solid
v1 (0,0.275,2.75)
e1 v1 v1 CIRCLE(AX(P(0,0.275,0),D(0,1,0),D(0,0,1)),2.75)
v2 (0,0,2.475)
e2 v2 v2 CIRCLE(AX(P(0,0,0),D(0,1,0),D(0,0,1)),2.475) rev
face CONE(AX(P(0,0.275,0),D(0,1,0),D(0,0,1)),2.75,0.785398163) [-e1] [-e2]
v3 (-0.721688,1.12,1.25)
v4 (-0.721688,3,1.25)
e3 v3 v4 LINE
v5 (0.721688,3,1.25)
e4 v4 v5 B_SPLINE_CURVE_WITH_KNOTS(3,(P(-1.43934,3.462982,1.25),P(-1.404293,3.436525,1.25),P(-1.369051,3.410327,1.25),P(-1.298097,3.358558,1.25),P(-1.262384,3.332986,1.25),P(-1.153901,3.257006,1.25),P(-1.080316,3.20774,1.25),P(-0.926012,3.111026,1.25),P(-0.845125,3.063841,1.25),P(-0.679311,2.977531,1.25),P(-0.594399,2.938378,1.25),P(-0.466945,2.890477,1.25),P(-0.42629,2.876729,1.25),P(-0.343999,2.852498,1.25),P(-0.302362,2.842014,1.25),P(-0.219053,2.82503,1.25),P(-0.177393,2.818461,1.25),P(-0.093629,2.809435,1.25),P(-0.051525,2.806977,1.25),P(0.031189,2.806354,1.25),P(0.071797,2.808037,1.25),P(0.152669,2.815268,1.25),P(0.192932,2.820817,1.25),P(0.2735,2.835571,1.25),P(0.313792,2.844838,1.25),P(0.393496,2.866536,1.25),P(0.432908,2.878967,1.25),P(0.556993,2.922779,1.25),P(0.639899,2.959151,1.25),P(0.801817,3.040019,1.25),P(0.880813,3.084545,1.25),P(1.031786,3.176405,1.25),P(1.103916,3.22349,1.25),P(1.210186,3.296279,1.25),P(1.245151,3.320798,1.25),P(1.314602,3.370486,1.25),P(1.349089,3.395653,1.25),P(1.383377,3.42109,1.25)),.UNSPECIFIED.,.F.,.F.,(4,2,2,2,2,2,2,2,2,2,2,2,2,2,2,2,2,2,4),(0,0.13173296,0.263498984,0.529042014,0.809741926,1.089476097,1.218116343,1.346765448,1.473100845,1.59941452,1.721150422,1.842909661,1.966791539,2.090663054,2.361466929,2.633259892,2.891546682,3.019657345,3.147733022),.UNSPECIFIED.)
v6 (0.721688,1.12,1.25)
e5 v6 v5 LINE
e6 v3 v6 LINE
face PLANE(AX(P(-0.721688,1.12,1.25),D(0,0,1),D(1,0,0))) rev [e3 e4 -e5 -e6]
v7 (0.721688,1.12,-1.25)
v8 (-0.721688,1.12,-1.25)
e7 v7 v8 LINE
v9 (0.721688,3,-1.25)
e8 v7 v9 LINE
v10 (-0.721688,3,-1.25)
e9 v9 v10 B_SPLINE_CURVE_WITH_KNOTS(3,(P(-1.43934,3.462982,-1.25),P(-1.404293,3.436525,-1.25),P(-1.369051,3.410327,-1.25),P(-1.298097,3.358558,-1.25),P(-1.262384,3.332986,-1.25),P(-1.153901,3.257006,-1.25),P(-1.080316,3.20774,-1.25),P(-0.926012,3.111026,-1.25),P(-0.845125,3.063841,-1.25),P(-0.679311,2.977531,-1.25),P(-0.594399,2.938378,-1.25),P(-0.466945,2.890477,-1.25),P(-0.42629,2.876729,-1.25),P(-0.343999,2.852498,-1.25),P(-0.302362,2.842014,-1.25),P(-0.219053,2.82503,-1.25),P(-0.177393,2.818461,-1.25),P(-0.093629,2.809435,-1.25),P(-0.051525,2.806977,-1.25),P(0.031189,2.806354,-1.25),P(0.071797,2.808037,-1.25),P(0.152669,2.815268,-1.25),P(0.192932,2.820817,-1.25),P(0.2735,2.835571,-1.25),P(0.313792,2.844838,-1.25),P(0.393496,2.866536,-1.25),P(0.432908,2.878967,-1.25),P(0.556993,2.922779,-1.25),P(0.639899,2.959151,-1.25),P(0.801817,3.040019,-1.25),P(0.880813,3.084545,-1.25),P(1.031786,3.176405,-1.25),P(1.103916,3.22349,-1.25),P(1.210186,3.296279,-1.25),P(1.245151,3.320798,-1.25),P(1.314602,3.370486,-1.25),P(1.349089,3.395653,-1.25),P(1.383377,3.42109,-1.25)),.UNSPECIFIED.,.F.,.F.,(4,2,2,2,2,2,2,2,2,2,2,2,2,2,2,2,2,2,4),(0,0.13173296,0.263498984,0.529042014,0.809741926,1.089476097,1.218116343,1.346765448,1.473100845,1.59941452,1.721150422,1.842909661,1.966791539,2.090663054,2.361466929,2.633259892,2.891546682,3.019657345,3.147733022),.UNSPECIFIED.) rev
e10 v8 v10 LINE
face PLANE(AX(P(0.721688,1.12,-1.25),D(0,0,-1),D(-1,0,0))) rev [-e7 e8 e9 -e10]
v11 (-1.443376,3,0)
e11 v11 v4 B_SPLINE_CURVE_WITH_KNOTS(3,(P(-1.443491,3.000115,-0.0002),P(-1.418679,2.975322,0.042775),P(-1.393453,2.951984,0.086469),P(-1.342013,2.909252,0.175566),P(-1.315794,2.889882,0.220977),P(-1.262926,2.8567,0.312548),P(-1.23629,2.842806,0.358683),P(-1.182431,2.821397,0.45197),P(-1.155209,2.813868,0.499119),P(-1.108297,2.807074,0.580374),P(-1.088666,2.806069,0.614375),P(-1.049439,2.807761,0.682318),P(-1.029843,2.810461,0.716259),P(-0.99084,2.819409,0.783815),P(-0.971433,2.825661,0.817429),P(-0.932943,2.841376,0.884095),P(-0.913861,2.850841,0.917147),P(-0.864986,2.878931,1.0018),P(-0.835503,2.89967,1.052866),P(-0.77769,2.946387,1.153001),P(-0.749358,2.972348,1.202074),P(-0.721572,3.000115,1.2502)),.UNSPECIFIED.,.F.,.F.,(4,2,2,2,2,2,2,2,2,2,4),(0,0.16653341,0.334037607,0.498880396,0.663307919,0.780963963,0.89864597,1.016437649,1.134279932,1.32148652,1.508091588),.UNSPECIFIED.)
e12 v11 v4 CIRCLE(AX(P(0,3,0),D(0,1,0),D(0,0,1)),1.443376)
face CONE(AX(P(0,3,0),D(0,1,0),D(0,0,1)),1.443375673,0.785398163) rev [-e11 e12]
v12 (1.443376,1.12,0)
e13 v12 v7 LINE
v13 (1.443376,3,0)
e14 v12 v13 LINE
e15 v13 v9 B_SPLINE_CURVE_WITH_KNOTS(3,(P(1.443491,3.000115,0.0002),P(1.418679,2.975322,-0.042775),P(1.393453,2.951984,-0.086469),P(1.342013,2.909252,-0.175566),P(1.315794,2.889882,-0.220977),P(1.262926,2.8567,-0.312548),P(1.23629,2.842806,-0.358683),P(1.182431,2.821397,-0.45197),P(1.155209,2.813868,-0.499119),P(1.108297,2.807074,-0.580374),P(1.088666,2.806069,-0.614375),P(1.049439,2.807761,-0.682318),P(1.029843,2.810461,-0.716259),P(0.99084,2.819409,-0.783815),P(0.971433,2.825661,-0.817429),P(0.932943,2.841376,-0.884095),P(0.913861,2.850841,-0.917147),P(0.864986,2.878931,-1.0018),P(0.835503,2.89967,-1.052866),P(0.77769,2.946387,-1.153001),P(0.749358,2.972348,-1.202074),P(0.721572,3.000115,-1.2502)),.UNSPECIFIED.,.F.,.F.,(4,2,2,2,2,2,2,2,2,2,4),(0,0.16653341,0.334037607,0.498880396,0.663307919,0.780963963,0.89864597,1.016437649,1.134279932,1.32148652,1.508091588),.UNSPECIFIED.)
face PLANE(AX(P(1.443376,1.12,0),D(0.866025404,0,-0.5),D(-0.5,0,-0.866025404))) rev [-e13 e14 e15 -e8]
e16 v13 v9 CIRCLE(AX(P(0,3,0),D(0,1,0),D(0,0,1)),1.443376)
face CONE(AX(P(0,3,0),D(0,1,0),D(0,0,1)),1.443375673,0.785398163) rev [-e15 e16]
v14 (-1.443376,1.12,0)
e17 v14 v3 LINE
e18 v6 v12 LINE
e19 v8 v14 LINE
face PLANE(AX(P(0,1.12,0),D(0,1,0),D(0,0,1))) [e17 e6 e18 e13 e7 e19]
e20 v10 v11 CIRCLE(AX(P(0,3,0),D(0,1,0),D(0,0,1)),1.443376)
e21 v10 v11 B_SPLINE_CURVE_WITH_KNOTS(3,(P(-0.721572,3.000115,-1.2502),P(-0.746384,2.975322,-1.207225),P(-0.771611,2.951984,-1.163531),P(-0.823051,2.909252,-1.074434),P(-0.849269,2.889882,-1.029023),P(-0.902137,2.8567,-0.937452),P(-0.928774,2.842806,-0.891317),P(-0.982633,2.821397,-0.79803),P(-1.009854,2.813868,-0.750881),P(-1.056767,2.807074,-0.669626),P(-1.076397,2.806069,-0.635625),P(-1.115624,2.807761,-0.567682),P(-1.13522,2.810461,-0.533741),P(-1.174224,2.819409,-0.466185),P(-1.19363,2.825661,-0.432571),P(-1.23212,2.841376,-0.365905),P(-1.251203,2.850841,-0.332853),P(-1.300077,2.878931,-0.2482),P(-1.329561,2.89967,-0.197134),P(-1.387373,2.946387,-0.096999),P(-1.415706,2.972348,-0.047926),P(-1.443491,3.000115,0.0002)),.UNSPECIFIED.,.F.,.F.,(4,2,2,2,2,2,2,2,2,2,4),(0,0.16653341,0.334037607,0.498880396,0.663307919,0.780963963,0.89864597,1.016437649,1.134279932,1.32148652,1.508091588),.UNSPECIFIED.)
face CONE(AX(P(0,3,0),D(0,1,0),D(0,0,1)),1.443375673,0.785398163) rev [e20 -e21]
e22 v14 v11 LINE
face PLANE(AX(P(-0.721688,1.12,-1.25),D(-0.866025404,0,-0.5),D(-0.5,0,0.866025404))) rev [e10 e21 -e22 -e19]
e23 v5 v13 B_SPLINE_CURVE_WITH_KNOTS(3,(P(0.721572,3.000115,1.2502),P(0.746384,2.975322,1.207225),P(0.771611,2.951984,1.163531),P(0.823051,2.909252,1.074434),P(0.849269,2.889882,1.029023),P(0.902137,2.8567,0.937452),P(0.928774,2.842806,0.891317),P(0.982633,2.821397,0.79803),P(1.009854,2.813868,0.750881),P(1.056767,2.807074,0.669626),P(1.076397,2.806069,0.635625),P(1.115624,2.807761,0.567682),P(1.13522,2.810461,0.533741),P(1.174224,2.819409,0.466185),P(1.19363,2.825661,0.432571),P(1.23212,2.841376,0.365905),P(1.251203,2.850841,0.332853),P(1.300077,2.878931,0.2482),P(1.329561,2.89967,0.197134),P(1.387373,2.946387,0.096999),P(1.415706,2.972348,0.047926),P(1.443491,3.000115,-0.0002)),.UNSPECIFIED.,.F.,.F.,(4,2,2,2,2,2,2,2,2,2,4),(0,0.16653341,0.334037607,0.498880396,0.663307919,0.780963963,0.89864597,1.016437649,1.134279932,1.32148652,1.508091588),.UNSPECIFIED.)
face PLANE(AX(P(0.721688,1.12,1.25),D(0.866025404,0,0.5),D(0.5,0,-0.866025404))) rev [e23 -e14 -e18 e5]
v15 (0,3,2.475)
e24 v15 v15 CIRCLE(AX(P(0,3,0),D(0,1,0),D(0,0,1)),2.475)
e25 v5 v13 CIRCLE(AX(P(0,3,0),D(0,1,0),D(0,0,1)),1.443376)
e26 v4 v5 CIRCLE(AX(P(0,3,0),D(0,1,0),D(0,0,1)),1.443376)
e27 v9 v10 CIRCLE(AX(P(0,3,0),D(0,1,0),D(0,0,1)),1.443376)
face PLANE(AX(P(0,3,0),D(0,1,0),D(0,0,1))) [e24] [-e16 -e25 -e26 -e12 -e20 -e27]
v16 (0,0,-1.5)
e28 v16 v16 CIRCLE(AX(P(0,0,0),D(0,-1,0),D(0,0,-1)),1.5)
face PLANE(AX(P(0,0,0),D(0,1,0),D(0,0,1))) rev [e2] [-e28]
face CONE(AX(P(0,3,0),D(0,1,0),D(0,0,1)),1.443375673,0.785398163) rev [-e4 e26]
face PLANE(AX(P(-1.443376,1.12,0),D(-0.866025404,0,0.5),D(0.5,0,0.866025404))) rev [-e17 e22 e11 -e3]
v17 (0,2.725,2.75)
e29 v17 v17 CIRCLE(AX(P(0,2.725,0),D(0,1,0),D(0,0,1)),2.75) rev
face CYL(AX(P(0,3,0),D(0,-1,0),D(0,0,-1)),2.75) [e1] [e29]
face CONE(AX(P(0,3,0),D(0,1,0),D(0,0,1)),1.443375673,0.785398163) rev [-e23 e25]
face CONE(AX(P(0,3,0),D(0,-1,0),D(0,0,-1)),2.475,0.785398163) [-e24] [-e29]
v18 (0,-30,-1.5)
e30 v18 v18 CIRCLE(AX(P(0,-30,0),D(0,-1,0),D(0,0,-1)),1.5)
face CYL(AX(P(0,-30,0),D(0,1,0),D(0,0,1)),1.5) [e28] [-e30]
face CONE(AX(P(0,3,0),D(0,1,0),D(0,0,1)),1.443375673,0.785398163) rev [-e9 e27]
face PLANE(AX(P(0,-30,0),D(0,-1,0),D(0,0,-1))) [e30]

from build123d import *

# Parameters (mm, degrees)
SKETCH1_R           = 2.75
BOSS_EXTRUDE1_DEPTH = 3
CUT_EXTRUDE1_DEPTH  = 1.88
CHAMFER1_SIZE       = 0.275
SKETCH_1_R          = 1.5
EXTRUDE_1_DEPTH     = 30


with BuildPart() as part:
    # Sketch1 → Boss-Extrude1 (new body)
    with BuildSketch(Plane(origin=(0, 0, 0), x_dir=(1, 0, 0), z_dir=(0, 1, 0))):
        with Locations(Location((0, 0, 0), (0, 0, 270))):
            Circle(SKETCH1_R)
    extrude(amount=BOSS_EXTRUDE1_DEPTH)

    # Sketch2 → Cut-Extrude1 (cut)
    with BuildSketch(Plane(origin=(0, 3, 0), x_dir=(1, 0, 0), z_dir=(0, 1, 0))):
        Polygon((0.721687836, 1.25), (-0.721687836, 1.25), (-1.443375673, 0), (-0.721687836, -1.25), (0.721687836, -1.25), (1.443375673, 0), align=None)
    extrude(amount=-CUT_EXTRUDE1_DEPTH, mode=Mode.SUBTRACT)

    # Cut-Extrude2 cone 1 section (through the dimple's axis) → Cut-Extrude2 (revolve, cut)
    with BuildSketch(Plane(origin=(0, 3, 0), x_dir=(0, 0, 1), z_dir=(1, 0, 0))):
        Polygon((0, 0), (1.443375673, 0), (0, 1.443375673), align=None)
    revolve(axis=Axis((0, 3, 0), (0, -1, 0)), mode=Mode.SUBTRACT)

    # Chamfer1
    chamfer1_edges = [part.edges().sort_by_distance(p)[0] for p in [
        (0, 0, -2.75),
        (0, 3, -2.75),
    ]]
    chamfer(chamfer1_edges, length=CHAMFER1_SIZE)

    # 草图1 → 凸台-拉伸1 (add)
    with BuildSketch(Plane(origin=(0, 0, 0), x_dir=(-1, 0, 0), z_dir=(0, -1, 0))):
        with Locations(Location((0, 0, 0), (0, 0, 90))):
            Circle(SKETCH_1_R)
    extrude(amount=EXTRUDE_1_DEPTH)


solid = part.part
